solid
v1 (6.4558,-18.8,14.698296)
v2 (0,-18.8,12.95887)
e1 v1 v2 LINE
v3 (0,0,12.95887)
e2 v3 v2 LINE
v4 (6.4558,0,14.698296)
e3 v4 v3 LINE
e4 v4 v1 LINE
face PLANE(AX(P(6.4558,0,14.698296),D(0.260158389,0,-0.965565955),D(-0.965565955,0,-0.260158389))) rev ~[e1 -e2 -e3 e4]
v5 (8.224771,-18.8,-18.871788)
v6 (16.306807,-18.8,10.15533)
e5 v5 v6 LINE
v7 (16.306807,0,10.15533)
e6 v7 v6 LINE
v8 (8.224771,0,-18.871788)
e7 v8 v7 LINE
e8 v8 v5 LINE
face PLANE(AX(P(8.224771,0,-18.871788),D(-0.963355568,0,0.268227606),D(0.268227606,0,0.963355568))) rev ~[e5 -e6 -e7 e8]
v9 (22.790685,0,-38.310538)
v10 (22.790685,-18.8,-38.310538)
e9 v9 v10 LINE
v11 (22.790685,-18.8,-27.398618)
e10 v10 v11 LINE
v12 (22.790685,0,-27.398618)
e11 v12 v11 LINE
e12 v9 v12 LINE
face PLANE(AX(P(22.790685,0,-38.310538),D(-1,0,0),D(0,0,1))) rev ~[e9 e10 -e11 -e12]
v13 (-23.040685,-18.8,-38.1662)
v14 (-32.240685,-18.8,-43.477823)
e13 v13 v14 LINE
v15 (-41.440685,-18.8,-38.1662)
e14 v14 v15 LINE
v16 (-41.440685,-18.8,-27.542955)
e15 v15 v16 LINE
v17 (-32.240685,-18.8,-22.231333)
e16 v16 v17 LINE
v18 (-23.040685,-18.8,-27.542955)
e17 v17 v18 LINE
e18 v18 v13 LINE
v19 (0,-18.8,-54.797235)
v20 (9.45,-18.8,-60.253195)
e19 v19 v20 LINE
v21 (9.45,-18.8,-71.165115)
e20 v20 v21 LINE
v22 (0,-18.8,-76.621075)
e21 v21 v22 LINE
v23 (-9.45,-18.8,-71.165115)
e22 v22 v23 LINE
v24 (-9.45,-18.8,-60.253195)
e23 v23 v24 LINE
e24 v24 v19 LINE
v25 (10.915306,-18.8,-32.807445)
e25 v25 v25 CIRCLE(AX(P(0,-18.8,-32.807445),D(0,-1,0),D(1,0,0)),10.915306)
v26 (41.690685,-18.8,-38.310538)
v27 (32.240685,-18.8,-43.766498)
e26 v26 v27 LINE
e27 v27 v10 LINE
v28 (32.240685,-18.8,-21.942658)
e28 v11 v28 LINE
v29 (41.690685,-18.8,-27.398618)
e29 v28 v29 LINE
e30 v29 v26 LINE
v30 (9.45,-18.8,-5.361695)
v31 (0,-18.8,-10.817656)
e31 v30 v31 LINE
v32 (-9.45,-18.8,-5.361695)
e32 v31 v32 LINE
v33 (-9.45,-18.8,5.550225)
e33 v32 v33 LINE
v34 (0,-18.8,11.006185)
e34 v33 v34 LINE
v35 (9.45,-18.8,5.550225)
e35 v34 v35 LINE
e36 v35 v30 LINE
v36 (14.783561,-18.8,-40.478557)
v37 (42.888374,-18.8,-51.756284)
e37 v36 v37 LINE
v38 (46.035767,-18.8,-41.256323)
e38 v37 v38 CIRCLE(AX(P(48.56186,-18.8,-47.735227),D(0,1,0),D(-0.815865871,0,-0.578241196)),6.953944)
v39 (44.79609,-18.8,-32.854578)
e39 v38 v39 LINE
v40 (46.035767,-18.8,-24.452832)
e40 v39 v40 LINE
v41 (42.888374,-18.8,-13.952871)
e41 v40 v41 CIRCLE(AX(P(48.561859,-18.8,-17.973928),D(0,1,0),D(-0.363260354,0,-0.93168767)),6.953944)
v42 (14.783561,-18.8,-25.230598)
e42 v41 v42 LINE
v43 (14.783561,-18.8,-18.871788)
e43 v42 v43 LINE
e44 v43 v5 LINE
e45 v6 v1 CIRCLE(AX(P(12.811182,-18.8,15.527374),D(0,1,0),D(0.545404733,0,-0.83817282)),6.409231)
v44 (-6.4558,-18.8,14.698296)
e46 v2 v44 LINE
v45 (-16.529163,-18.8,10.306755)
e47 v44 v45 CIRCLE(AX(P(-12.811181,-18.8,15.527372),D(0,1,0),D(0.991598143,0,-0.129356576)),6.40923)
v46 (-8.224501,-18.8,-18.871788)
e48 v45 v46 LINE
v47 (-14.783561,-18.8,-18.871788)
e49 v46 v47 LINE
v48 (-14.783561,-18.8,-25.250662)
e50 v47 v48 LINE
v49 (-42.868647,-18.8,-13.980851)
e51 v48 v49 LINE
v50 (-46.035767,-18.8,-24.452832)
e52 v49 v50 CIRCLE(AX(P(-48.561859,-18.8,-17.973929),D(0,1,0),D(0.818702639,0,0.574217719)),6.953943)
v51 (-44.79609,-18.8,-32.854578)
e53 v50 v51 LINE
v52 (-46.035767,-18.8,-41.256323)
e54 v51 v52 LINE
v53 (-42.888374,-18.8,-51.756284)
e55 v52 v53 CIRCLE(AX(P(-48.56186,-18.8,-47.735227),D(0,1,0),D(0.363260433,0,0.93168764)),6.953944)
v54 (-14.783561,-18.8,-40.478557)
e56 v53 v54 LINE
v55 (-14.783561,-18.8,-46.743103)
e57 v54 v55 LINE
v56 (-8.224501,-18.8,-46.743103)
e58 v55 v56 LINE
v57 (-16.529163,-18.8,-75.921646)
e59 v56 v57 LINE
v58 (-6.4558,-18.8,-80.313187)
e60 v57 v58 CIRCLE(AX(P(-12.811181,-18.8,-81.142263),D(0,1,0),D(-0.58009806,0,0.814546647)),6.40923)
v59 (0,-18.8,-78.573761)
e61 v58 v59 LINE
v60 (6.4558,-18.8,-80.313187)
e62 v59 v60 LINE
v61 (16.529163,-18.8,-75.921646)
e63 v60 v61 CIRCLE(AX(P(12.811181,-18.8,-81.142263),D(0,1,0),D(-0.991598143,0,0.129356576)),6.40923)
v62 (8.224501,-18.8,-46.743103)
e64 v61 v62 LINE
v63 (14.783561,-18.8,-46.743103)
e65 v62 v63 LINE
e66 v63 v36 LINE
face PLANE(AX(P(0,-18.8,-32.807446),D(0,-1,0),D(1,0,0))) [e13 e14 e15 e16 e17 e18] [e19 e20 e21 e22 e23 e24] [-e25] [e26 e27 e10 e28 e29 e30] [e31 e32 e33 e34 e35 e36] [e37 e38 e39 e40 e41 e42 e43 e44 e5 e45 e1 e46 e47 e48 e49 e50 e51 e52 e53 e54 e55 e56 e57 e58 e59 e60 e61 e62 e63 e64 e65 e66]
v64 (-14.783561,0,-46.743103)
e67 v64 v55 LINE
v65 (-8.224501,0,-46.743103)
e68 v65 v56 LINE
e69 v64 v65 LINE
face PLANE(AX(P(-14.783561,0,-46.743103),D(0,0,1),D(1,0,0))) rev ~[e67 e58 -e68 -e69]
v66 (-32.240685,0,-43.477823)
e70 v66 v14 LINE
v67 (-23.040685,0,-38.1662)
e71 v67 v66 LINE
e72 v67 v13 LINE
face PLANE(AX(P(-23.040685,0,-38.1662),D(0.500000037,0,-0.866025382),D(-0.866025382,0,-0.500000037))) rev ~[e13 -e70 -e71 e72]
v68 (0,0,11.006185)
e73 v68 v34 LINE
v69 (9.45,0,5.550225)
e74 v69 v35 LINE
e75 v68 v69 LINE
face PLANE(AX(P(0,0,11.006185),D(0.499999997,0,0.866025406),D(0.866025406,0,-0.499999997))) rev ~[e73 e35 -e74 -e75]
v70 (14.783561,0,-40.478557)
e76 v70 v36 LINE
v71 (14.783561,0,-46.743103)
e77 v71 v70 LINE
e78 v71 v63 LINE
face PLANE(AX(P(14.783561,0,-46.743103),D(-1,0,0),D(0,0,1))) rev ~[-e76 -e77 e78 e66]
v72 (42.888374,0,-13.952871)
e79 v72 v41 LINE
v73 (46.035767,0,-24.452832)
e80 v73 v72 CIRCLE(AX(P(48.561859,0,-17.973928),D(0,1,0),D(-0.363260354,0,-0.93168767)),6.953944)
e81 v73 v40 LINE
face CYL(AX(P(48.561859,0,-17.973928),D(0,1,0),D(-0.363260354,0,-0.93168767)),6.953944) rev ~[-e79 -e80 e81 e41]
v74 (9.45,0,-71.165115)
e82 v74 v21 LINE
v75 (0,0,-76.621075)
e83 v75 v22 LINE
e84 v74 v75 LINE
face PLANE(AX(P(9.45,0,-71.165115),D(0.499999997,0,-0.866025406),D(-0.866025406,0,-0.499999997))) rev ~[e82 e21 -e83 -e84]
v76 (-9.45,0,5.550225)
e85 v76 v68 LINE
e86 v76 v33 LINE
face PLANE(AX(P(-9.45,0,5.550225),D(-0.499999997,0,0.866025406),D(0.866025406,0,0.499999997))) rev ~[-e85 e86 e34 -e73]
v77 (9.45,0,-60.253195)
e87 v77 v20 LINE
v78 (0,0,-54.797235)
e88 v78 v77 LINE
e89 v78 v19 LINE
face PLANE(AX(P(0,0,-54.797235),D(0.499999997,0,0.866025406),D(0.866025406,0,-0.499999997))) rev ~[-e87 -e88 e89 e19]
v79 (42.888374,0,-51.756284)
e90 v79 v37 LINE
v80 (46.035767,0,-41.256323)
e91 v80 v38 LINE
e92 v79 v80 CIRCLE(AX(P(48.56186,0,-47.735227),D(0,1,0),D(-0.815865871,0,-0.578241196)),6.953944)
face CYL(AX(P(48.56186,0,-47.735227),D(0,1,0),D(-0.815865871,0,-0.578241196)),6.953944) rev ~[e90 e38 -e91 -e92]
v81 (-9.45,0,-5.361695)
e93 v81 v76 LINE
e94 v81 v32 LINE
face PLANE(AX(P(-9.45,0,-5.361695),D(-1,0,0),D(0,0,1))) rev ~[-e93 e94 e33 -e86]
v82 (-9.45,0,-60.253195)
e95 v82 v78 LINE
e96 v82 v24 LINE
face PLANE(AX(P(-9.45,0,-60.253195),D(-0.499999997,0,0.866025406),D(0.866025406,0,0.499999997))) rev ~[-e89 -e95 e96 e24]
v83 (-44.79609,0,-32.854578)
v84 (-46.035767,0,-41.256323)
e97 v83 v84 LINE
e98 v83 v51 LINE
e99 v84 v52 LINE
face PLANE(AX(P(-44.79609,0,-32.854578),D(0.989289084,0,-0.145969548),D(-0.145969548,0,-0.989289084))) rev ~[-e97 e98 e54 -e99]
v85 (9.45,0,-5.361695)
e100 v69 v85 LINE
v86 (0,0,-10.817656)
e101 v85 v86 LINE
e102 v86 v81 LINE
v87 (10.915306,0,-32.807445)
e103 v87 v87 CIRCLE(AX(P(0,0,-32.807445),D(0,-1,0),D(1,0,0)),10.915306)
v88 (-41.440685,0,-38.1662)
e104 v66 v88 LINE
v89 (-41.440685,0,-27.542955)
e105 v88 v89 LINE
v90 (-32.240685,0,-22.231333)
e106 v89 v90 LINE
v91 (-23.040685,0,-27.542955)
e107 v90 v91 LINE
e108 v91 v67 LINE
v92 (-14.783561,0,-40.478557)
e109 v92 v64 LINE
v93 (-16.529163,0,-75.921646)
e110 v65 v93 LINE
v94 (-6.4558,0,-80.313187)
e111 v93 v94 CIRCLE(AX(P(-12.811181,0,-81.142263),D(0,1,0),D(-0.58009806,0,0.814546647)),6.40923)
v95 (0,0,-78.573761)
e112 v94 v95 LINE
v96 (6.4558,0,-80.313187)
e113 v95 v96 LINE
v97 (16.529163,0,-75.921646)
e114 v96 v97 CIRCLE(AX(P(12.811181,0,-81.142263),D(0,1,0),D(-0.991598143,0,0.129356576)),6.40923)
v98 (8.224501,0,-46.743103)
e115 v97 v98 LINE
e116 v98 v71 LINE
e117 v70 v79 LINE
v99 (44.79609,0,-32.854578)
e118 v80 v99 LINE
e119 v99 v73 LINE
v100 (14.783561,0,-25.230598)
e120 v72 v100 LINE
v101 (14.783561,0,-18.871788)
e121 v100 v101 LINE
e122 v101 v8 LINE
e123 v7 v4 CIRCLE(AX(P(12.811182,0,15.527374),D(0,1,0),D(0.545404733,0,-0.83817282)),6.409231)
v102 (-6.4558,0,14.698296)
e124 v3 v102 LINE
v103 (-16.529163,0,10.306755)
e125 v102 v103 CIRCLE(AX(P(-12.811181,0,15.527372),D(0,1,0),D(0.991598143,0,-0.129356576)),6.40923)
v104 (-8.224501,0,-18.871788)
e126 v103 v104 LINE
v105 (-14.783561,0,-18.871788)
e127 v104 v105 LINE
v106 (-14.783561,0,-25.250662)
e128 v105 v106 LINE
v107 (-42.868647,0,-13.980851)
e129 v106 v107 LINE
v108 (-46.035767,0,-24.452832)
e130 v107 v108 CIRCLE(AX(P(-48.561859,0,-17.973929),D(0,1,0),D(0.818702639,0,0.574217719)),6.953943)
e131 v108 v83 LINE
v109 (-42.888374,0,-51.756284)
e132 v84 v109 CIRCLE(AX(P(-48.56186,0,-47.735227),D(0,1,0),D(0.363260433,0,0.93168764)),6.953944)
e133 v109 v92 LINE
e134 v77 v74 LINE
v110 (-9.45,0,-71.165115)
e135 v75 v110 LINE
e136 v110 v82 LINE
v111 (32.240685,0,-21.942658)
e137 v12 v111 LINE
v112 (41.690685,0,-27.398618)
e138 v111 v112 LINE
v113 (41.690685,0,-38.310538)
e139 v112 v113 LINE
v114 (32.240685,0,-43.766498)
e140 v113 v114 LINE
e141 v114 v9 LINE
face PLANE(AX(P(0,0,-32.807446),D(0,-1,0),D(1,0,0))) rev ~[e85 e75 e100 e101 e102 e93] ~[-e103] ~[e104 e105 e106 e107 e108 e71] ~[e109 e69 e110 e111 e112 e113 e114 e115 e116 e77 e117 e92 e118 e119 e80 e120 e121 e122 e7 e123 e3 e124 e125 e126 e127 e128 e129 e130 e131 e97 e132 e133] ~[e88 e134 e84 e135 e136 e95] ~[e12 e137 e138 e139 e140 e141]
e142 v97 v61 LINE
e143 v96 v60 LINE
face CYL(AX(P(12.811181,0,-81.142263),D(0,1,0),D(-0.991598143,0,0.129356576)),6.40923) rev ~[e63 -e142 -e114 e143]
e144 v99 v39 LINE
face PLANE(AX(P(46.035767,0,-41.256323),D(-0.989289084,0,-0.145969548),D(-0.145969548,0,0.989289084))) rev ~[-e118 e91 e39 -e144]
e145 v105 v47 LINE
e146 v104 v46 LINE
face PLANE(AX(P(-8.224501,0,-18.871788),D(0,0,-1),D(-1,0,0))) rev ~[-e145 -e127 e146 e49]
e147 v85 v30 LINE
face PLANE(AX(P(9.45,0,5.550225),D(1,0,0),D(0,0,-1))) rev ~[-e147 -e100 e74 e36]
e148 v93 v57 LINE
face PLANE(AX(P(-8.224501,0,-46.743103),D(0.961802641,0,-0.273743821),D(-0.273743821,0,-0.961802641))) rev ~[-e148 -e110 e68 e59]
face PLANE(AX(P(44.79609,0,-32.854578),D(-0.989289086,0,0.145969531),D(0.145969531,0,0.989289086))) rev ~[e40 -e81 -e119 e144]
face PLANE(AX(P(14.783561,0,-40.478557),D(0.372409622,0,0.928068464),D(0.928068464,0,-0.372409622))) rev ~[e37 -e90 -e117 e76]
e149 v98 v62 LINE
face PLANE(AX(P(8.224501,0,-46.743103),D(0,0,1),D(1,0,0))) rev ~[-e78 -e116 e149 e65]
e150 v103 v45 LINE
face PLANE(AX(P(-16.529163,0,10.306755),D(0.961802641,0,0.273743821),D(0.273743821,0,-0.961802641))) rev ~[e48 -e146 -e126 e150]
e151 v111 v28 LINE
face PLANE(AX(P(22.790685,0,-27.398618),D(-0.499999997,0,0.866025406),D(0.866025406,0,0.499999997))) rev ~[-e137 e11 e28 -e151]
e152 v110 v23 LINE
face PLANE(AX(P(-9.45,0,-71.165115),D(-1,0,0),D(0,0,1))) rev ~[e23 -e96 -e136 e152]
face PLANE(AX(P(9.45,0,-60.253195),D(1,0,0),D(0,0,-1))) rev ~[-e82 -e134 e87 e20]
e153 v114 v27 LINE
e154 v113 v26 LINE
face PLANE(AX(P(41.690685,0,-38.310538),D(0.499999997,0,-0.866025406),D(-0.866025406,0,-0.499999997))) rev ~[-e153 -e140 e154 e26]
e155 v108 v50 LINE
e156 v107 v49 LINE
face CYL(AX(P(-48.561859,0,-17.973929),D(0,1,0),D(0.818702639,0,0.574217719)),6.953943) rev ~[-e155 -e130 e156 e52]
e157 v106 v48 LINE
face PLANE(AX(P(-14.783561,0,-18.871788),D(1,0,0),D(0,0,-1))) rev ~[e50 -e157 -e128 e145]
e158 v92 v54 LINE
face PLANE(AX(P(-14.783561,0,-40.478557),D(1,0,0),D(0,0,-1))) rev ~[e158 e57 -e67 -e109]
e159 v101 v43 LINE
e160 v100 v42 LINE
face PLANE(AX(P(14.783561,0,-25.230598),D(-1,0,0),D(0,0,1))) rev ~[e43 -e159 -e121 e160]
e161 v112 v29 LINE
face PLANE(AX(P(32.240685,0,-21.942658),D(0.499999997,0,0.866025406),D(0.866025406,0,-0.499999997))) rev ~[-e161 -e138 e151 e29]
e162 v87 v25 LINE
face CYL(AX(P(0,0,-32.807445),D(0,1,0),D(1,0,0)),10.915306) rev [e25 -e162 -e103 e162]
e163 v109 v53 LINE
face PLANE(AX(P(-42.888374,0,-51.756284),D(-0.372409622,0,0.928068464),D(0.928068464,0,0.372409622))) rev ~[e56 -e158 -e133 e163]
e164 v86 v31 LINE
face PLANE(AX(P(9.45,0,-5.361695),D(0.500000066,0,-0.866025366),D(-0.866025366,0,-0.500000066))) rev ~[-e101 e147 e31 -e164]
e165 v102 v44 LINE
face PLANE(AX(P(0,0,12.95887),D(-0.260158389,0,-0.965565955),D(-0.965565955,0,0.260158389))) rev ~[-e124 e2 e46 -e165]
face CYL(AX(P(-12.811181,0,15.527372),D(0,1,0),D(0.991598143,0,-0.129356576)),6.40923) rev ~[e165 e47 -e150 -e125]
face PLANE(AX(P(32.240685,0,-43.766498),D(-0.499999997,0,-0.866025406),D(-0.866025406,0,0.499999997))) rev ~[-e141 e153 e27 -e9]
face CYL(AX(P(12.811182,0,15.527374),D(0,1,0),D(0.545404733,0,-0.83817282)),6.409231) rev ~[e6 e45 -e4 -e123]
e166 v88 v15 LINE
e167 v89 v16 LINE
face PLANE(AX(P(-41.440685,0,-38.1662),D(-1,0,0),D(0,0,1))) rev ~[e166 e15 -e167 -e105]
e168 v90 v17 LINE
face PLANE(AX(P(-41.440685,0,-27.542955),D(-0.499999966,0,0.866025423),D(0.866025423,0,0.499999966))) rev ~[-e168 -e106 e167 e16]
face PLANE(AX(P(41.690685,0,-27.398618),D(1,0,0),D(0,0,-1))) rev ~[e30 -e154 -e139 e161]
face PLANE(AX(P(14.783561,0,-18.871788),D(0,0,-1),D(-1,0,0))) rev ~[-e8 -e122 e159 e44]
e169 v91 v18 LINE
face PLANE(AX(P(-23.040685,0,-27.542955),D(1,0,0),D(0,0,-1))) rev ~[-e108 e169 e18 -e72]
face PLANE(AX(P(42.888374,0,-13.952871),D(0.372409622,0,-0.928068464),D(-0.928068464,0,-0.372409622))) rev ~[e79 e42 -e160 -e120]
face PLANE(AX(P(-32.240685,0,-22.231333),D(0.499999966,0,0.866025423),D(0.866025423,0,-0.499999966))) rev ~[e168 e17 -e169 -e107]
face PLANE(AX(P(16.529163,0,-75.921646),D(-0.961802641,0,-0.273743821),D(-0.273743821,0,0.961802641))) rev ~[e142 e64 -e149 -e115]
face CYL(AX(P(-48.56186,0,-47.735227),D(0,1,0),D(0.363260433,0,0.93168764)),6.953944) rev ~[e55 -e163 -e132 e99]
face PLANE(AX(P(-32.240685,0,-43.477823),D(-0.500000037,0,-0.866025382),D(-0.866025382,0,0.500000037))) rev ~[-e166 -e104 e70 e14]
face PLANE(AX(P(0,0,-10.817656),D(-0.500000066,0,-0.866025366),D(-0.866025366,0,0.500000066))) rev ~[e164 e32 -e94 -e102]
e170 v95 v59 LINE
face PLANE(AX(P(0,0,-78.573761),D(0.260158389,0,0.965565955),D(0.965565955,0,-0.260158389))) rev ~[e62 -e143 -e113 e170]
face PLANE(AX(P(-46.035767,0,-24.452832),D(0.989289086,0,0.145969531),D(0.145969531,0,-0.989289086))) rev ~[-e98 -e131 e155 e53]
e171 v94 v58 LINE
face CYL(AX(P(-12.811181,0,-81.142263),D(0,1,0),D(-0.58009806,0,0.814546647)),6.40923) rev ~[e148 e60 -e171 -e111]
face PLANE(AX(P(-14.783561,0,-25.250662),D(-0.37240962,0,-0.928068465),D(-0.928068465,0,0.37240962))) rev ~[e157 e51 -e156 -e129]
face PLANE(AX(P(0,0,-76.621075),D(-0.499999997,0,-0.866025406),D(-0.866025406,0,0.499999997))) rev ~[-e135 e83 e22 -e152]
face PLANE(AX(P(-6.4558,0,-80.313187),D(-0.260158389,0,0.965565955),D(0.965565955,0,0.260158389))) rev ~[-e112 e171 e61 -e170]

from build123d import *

# Parameters (mm, degrees)
F0_R     = 10.915306
F1_DEPTH = 18.8


with BuildPart() as f1:
    # F0 (on Front) → F1 (new body)
    with BuildSketch(Plane.XZ):
        Polygon((-8.224501, -18.871788), (-14.783561, -18.871788), (-14.783561, -25.250662), (-14.783561, -40.478557), (-14.783561, -46.743103), (-8.224501, -46.743103), (8.224501, -46.743103), (14.783561, -46.743103), (14.783561, -40.478557), (14.783561, -25.230598), (14.783561, -18.871788), (8.224771, -18.871788), align=None)
        with Locations((0, -32.807445)):
            Circle(F0_R, mode=Mode.SUBTRACT)
        with BuildLine():
            Line((-16.529163, 10.306755), (-8.224501, -18.871788))
            Line((-8.224501, -18.871788), (8.224771, -18.871788))
            Line((8.224771, -18.871788), (16.306807, 10.15533))
            ThreePointArc((16.306807, 10.15533), (10.12712, 9.707231), (6.4558, 14.698296))
            Line((6.4558, 14.698296), (0, 12.95887))
            Line((0, 12.95887), (-6.4558, 14.698296))
            ThreePointArc((-6.4558, 14.698296), (-10.249858, 9.652182), (-16.529163, 10.306755))
        make_face()
        Polygon((9.45, -5.361695), (0, -10.817656), (-9.45, -5.361695), (-9.45, 5.550225), (0, 11.006185), (9.45, 5.550225), align=None, mode=Mode.SUBTRACT)
        with BuildLine():
            Line((-14.783561, -40.478557), (-14.783561, -25.250662))
            Line((-14.783561, -25.250662), (-42.868647, -13.980851))
            ThreePointArc((-42.868647, -13.980851), (-41.905671, -19.987009), (-46.035767, -24.452832))
            Line((-46.035767, -24.452832), (-44.79609, -32.854578))
            Line((-44.79609, -32.854578), (-46.035767, -41.256323))
            ThreePointArc((-46.035767, -41.256323), (-41.900736, -45.738537), (-42.888374, -51.756284))
            Line((-42.888374, -51.756284), (-14.783561, -40.478557))
        make_face()
        Polygon((-32.240685, -43.477823), (-41.440685, -38.1662), (-41.440685, -27.542955), (-32.240685, -22.231333), (-23.040685, -27.542955), (-23.040685, -38.1662), align=None, mode=Mode.SUBTRACT)
        with BuildLine():
            Line((42.888374, -13.952871), (14.783561, -25.230598))
            Line((14.783561, -25.230598), (14.783561, -40.478557))
            Line((14.783561, -40.478557), (42.888374, -51.756284))
            ThreePointArc((42.888374, -51.756284), (41.900736, -45.738537), (46.035767, -41.256323))
            Line((46.035767, -41.256323), (44.79609, -32.854578))
            Line((44.79609, -32.854578), (46.035767, -24.452832))
            ThreePointArc((46.035767, -24.452832), (41.900736, -19.970619), (42.888374, -13.952871))
        make_face()
        Polygon((32.240685, -43.766498), (22.790685, -38.310538), (22.790685, -27.398618), (32.240685, -21.942658), (41.690685, -27.398618), (41.690685, -38.310538), align=None, mode=Mode.SUBTRACT)
        with BuildLine():
            Line((8.224501, -46.743103), (-8.224501, -46.743103))
            Line((-8.224501, -46.743103), (-16.529163, -75.921646))
            ThreePointArc((-16.529163, -75.921646), (-10.249858, -75.267073), (-6.4558, -80.313187))
            Line((-6.4558, -80.313187), (0, -78.573761))
            Line((0, -78.573761), (6.4558, -80.313187))
            ThreePointArc((6.4558, -80.313187), (10.249858, -75.267073), (16.529163, -75.921646))
            Line((16.529163, -75.921646), (8.224501, -46.743103))
        make_face()
        Polygon((-9.45, -71.165115), (-9.45, -60.253195), (0, -54.797235), (9.45, -60.253195), (9.45, -71.165115), (0, -76.621075), align=None, mode=Mode.SUBTRACT)
    extrude(amount=F1_DEPTH)


solid = f1.part
